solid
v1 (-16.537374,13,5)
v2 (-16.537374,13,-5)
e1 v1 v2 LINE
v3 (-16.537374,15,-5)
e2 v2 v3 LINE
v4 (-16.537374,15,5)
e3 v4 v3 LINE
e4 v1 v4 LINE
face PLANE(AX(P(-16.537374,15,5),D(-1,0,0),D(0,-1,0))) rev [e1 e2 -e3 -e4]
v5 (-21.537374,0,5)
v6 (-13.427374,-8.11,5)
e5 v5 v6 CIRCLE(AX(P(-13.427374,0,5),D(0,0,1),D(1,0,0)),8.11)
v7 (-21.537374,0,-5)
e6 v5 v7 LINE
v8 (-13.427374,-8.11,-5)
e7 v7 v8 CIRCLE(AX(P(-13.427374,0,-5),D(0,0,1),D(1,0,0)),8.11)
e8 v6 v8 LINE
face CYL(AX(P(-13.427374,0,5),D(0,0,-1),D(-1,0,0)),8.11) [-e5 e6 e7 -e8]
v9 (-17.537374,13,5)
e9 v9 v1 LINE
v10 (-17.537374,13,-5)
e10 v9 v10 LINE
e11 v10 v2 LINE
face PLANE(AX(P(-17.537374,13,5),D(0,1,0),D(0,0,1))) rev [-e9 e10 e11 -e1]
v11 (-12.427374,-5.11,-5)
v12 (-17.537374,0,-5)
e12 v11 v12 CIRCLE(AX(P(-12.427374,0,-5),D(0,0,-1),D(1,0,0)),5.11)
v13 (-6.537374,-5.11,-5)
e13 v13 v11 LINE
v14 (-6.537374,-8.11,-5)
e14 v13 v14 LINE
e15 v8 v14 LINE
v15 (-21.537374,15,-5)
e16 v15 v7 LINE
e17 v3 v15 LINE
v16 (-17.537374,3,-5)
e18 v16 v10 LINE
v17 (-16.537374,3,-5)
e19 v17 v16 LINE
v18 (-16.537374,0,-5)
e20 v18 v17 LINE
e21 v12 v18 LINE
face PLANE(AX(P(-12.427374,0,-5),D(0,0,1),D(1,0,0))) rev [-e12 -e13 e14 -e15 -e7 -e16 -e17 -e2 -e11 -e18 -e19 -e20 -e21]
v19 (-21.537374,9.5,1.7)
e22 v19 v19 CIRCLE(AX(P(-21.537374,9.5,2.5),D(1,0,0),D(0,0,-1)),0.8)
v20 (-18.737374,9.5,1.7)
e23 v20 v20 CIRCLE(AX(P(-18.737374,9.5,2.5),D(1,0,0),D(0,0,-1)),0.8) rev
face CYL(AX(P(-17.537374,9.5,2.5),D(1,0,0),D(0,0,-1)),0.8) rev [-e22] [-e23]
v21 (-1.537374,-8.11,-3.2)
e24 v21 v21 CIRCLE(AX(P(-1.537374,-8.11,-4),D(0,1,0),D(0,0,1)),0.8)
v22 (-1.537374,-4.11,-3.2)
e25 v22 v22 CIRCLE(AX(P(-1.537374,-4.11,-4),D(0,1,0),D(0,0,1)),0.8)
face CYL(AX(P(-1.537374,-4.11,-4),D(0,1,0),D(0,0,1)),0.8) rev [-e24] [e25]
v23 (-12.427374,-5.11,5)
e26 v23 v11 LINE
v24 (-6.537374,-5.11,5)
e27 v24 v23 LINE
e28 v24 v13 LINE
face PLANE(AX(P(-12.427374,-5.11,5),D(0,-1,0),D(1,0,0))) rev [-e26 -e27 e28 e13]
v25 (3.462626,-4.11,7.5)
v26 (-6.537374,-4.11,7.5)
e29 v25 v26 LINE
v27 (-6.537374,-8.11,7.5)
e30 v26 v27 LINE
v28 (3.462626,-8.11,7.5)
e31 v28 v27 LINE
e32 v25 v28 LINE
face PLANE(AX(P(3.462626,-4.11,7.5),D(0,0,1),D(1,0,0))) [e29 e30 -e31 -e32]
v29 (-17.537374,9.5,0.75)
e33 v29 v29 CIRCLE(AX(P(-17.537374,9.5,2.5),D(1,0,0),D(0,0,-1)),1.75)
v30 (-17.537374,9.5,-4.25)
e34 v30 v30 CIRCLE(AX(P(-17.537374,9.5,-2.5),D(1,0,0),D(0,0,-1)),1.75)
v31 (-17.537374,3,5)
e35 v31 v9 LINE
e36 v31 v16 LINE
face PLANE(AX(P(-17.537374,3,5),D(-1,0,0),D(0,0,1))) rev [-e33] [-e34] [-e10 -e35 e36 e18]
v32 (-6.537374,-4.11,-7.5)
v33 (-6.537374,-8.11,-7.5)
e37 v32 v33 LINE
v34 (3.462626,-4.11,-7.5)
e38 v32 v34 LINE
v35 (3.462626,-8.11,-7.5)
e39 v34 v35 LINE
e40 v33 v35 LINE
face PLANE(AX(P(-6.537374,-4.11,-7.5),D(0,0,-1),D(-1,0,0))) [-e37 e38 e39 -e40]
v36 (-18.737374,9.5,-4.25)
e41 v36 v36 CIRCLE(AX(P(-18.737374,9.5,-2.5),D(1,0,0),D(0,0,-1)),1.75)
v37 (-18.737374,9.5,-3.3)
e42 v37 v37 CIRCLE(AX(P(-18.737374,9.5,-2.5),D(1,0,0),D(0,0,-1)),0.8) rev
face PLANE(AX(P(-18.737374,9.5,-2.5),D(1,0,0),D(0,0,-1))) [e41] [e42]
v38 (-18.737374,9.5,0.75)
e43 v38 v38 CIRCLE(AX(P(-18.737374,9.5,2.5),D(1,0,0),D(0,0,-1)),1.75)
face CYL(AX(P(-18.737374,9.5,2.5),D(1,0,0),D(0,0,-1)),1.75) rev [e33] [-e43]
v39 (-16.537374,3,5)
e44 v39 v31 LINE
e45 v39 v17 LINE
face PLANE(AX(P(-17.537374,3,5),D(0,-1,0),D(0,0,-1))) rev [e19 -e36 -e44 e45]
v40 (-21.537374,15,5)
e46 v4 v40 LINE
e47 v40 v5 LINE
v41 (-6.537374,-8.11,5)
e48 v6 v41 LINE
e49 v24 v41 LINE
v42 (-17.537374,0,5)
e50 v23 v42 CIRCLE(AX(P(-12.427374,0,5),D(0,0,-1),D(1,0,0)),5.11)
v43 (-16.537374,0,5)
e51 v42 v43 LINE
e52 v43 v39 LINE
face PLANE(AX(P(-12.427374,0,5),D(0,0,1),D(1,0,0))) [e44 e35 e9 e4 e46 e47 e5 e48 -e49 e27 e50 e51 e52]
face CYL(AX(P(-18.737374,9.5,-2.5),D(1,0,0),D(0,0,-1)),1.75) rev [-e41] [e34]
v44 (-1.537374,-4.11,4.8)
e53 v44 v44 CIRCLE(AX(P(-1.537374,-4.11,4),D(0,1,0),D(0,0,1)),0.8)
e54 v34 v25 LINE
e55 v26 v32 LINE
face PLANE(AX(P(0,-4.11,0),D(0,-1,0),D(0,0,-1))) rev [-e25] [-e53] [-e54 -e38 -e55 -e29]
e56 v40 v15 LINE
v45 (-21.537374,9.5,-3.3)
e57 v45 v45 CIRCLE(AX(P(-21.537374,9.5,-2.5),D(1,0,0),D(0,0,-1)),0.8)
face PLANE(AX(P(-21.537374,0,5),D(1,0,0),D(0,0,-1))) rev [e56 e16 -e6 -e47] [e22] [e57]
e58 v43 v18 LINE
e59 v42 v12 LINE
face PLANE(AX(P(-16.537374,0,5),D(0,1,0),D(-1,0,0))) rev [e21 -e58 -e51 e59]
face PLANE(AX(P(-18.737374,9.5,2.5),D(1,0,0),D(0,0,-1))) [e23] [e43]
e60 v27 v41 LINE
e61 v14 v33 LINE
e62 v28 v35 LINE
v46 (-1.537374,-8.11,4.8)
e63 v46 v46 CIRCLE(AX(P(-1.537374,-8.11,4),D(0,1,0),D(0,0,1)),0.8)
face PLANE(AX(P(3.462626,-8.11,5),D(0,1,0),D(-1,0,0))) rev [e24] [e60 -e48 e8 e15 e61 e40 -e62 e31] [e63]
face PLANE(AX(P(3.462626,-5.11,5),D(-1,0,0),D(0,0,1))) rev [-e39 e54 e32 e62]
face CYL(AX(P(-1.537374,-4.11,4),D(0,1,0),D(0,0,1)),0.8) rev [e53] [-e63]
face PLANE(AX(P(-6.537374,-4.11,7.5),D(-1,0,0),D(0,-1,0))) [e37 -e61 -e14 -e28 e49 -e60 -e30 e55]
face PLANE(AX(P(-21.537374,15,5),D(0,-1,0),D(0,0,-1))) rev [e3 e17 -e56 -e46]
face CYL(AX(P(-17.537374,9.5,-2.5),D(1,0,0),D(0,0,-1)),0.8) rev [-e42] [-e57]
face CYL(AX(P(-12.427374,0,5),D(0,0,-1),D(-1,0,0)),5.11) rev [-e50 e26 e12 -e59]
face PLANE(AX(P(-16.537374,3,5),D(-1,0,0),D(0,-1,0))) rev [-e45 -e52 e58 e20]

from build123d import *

# Parameters (mm, degrees)
BOSS_EXTRUDE1_DEPTH         = 5
TAP_DRILL_FOR_M2X0_4_TAP1_D = 1.6
SKETCH4_R                   = 1.75
CUT_EXTRUDE1_DEPTH          = 1.2
SKETCH5_W                   = 10
SKETCH5_H                   = 15
BOSS_EXTRUDE2_DEPTH         = 4
TAP_DRILL_FOR_M2X0_4_TAP2_D = 1.6


with BuildPart() as part:
    # Sketch1 → Boss-Extrude1 (new, symmetric)
    with BuildSketch(Plane.XY):
        with BuildLine():
            Line((-17.53737418, 3), (-17.53737418, 13))
            Line((-17.53737418, 13), (-16.53737418, 13))
            Line((-16.53737418, 13), (-16.53737418, 15))
            Line((-16.53737418, 15), (-21.53737418, 15))
            Line((-21.53737418, 15), (-21.53737418, 0))
            ThreePointArc((-21.53737418, 0), (-19.162010175, -5.734635995), (-13.42737418, -8.11))
            Line((-13.42737418, -8.11), (3.46262582, -8.11))
            Line((3.46262582, -8.11), (3.46262582, -5.11))
            Line((3.46262582, -5.11), (-12.42737418, -5.11))
            ThreePointArc((-12.42737418, -5.11), (-16.040689832, -3.613315652), (-17.53737418, 0))
            Line((-17.53737418, 0), (-16.53737418, 0))
            Line((-16.53737418, 0), (-16.53737418, 3))
            Line((-16.53737418, 3), (-17.53737418, 3))
        make_face()
    extrude(amount=BOSS_EXTRUDE1_DEPTH, both=True)

    # Tap Drill for M2x0.4 Tap1 (through all)
    with Locations(Plane(origin=(-17.53737418, 9.5, 2.5), x_dir=(0, 0, 1), z_dir=(1, 0, 0))):
        with Locations((0, 0), (-5, 0)):
            Hole(TAP_DRILL_FOR_M2X0_4_TAP1_D / 2)

    # Sketch4 → Cut-Extrude1 (cut)
    with BuildSketch(Plane(origin=(-17.53737418, 0, 0), x_dir=(0, 0, -1), z_dir=(1, 0, 0))):
        with Locations((-2.5, 9.5)):
            Circle(SKETCH4_R)
        with Locations((2.5, 9.5)):
            Circle(SKETCH4_R)
    extrude(amount=-CUT_EXTRUDE1_DEPTH, mode=Mode.SUBTRACT)

    # Sketch5 → Boss-Extrude2 (add)
    with BuildSketch(Plane.XZ.offset(8.11)):
        with Locations((-1.53737418, 0)):
            Rectangle(SKETCH5_W, SKETCH5_H)
    extrude(amount=-BOSS_EXTRUDE2_DEPTH)

    # Tap Drill for M2x0.4 Tap2 (through all)
    with Locations(Plane(origin=(-1.53737418, -4.11, 4), x_dir=(0, 0, 1), z_dir=(0, 1, 0))):
        with Locations((0, 0), (-8, 0)):
            Hole(TAP_DRILL_FOR_M2X0_4_TAP2_D / 2)


solid = part.part
